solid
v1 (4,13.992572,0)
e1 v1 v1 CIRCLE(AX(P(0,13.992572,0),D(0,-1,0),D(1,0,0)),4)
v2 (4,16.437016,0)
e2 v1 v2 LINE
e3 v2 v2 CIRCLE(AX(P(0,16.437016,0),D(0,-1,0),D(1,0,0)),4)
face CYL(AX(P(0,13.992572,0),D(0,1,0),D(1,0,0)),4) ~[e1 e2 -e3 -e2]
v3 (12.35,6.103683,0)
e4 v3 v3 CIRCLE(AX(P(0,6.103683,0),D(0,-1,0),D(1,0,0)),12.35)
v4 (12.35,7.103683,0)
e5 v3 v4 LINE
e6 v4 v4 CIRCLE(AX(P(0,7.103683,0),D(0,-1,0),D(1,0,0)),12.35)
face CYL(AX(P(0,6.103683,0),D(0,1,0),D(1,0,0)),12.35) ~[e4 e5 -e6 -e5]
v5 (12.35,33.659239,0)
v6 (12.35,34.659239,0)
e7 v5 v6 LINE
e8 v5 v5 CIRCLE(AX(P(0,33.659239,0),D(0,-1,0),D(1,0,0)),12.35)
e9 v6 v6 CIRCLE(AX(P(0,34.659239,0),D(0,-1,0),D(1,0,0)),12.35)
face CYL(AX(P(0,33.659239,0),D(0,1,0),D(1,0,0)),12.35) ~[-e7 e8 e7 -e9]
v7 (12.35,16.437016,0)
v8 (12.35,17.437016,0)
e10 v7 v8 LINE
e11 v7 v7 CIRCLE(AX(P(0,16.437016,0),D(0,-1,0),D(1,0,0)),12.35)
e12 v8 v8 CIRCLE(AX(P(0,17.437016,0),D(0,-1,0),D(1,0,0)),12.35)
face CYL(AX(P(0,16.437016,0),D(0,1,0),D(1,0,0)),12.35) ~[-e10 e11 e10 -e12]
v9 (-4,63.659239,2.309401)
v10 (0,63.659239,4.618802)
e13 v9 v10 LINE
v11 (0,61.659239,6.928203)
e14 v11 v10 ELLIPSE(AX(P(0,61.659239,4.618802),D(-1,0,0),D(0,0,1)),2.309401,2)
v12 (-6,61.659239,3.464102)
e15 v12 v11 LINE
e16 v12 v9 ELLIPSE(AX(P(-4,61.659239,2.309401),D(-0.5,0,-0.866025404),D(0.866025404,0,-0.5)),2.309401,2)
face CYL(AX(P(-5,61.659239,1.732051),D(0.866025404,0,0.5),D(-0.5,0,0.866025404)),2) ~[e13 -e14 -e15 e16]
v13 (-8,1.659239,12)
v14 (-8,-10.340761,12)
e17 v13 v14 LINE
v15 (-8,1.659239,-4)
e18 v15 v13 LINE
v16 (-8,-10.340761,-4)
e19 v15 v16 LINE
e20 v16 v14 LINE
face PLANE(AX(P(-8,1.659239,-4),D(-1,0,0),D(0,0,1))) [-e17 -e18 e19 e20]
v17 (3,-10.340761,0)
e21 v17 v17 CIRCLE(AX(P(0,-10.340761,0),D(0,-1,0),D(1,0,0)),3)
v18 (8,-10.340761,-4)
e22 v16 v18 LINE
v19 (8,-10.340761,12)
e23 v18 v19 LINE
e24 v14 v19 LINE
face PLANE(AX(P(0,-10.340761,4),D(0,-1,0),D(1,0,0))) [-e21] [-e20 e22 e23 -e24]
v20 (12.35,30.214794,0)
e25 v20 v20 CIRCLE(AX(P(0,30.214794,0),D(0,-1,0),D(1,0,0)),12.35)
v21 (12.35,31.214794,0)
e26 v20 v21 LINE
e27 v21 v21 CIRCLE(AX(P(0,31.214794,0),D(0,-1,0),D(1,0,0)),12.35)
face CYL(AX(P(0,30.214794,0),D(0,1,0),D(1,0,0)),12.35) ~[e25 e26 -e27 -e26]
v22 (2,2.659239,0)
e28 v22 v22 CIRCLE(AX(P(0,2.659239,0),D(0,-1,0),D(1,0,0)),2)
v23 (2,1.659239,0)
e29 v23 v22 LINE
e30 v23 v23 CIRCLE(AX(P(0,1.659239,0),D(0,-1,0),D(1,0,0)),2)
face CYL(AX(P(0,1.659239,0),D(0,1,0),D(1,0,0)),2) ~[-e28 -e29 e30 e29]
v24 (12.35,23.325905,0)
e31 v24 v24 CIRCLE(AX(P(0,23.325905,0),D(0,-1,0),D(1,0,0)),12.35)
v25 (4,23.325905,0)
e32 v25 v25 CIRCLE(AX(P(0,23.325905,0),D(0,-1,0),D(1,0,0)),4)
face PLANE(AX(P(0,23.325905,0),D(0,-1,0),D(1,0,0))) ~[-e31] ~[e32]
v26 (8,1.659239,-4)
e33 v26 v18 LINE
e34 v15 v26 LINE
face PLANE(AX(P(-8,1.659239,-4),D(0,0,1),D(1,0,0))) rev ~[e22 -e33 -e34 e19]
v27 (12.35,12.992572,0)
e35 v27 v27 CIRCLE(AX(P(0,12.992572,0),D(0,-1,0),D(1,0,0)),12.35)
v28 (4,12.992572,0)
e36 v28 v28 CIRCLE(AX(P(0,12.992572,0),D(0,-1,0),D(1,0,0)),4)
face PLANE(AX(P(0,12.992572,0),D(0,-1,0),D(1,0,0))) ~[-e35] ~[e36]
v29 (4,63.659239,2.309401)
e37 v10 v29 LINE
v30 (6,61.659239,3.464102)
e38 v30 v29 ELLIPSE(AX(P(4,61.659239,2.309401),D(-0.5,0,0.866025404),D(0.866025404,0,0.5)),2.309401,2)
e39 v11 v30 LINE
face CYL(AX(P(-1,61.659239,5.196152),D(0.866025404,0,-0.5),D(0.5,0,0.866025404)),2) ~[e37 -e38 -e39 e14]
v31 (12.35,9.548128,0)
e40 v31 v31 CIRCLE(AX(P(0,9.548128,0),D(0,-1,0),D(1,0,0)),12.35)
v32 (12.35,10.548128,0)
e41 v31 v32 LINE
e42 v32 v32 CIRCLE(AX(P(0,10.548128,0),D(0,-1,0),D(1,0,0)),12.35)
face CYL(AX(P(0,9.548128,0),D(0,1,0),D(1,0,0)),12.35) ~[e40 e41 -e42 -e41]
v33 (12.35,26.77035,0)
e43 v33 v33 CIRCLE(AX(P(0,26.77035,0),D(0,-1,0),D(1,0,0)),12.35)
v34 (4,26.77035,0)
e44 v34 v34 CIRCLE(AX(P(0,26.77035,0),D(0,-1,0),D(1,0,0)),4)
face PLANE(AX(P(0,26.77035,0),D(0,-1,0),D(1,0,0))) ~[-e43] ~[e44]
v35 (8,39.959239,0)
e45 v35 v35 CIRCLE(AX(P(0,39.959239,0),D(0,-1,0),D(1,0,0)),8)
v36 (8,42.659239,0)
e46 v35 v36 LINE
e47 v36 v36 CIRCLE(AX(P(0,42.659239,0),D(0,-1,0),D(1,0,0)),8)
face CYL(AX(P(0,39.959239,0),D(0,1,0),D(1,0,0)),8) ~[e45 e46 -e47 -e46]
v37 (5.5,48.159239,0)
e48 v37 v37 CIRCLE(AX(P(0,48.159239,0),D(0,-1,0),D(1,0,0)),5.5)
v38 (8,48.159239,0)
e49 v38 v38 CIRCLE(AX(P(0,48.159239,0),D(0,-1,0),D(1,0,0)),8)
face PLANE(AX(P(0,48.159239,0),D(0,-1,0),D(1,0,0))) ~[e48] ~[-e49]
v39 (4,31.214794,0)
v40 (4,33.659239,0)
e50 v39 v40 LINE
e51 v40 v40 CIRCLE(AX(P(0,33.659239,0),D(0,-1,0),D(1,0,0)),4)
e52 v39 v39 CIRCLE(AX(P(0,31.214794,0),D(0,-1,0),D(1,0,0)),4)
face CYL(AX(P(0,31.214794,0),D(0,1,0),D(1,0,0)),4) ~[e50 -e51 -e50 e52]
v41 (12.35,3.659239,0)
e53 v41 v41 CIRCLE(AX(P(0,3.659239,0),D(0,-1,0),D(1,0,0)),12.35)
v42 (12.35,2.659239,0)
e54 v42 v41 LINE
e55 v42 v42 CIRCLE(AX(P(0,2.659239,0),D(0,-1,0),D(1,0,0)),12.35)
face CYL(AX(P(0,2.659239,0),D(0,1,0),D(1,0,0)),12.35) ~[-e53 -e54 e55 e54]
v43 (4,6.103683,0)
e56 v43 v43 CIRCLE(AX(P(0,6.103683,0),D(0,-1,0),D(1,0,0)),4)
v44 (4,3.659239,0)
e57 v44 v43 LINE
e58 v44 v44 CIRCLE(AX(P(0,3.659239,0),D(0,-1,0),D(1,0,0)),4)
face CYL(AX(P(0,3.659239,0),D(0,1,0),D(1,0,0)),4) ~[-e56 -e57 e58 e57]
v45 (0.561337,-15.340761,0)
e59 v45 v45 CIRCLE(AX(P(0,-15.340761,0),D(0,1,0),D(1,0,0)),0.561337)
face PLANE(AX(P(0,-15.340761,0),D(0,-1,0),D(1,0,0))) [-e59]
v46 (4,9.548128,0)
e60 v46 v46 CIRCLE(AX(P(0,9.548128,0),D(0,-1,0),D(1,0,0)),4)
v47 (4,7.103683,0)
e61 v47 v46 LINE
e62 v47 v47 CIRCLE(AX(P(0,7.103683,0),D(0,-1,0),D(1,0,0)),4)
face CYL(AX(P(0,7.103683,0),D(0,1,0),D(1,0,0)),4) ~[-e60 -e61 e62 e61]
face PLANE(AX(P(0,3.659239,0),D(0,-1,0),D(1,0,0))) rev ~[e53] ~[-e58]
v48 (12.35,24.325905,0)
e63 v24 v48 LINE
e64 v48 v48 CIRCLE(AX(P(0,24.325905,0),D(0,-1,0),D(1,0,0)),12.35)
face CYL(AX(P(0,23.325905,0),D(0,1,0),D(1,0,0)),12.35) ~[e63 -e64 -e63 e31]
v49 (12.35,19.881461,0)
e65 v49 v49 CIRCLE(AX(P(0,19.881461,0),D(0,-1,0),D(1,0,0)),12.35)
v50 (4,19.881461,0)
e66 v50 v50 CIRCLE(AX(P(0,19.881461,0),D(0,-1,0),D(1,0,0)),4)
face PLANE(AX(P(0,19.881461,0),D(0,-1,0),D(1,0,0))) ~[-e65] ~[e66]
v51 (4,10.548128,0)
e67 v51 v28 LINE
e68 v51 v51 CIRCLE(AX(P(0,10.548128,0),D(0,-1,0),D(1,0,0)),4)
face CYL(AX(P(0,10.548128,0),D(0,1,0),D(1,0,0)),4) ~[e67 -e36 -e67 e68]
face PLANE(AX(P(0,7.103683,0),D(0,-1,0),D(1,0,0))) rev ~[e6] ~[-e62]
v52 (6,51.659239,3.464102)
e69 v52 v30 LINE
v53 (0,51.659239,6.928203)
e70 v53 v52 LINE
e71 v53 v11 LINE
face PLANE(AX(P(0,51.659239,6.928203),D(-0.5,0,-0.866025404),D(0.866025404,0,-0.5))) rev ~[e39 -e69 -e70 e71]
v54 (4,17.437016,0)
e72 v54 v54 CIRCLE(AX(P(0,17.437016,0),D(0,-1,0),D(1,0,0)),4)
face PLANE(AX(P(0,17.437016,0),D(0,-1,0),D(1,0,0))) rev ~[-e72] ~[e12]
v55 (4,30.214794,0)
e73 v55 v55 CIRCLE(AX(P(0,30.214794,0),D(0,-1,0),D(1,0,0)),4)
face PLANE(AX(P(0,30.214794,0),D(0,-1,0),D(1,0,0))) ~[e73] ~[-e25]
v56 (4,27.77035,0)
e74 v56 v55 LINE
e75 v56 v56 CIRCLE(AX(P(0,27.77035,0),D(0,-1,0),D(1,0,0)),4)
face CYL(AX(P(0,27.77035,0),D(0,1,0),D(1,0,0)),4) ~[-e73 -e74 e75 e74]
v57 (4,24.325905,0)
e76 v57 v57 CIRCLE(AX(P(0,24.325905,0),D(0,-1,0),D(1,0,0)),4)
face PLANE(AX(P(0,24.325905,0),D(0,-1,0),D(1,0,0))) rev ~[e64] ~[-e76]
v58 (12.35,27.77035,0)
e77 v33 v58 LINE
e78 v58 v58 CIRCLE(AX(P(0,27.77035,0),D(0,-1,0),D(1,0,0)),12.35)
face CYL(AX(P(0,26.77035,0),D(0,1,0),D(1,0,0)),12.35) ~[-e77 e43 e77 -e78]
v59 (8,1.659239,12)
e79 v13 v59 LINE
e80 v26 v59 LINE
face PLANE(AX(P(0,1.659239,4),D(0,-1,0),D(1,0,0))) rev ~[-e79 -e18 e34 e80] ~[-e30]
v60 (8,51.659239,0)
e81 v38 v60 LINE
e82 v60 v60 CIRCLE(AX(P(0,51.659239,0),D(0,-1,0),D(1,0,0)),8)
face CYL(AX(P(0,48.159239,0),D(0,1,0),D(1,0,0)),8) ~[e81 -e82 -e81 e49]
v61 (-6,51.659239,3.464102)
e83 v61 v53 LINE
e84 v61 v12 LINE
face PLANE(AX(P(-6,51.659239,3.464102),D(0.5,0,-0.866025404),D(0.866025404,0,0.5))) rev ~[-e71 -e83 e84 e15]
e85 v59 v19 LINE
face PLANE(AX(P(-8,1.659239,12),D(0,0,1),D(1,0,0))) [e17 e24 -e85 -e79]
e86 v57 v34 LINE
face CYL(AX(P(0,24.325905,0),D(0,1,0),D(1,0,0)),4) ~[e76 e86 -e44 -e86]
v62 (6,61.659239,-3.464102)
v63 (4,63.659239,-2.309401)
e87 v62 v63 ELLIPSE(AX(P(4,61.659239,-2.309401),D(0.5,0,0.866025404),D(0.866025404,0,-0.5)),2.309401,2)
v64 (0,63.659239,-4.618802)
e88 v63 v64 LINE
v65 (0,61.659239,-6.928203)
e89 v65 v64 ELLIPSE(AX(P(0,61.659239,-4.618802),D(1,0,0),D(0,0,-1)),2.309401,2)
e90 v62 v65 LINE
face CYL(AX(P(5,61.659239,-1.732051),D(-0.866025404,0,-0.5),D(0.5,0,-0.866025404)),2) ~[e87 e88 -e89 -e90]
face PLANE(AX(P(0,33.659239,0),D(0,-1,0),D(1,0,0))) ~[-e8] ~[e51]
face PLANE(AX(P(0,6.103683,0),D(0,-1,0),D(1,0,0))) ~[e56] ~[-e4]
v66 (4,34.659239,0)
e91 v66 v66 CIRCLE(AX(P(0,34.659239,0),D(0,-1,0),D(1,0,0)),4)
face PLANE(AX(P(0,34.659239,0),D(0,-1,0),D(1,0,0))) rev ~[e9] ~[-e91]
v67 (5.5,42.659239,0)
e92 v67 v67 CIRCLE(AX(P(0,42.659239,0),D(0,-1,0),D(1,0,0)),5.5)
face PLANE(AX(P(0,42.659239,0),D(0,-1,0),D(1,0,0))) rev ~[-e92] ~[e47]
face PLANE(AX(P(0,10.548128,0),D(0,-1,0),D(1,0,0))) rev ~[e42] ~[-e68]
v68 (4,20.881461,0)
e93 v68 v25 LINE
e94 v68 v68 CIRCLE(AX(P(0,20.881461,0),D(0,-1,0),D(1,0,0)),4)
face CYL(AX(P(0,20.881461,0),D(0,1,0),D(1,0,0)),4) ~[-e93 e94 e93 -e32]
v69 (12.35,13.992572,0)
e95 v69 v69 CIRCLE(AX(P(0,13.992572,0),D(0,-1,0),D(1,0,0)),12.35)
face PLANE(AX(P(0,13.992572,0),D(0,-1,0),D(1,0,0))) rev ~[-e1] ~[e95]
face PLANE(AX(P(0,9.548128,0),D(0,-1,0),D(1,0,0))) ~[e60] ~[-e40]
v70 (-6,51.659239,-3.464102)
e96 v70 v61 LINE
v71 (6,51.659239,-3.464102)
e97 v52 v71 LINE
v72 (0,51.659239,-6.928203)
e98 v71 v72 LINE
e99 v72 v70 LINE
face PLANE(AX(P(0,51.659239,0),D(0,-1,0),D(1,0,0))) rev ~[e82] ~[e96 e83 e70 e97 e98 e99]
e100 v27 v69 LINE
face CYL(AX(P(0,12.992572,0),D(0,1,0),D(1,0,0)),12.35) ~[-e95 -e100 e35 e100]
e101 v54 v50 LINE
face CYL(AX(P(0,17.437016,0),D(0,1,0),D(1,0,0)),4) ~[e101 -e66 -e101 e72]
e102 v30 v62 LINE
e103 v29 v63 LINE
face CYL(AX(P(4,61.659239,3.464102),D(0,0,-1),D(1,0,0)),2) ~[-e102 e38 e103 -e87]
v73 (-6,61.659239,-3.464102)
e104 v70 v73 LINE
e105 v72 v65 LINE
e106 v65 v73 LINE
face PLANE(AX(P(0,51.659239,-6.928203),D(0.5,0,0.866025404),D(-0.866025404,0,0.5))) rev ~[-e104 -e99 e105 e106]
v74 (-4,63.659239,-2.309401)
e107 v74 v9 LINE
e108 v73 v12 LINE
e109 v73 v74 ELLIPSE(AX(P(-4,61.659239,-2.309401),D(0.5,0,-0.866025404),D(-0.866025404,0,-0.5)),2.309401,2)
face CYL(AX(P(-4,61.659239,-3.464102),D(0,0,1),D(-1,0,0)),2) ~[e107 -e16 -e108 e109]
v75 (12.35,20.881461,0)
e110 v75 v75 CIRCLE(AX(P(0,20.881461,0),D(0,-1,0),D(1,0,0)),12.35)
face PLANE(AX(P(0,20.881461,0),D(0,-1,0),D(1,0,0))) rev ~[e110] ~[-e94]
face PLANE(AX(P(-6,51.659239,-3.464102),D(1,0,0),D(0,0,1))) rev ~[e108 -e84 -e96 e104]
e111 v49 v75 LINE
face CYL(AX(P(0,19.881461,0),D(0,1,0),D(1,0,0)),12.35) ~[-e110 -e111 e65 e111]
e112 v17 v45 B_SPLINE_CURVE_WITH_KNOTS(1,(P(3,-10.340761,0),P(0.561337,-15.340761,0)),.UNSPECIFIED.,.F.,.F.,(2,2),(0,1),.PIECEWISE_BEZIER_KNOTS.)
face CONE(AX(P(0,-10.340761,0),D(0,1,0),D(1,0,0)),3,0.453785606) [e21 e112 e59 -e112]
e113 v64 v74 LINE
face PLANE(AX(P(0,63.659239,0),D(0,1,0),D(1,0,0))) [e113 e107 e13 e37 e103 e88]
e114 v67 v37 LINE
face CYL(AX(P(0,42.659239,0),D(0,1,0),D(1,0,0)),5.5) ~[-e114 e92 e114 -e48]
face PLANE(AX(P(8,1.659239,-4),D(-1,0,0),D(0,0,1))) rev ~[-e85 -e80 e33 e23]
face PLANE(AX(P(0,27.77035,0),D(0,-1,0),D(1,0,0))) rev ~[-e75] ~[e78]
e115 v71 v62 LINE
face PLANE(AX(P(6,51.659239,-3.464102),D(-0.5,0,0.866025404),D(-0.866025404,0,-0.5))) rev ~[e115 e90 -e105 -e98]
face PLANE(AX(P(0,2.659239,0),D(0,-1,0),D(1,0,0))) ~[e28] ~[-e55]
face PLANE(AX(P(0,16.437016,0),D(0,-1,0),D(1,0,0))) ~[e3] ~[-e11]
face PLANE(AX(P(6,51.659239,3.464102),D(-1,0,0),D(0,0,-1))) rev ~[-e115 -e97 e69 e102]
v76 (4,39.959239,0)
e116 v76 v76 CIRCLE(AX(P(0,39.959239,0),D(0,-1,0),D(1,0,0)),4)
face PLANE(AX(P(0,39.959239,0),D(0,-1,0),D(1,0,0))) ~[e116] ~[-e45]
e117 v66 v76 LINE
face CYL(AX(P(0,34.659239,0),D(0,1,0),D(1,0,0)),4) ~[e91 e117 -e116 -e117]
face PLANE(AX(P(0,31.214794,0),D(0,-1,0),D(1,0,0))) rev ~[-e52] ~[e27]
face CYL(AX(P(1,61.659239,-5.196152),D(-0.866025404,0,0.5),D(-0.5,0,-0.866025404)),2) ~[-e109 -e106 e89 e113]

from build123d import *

# Parameters (mm, degrees)
ESBO_O3_W                = 16
ESBO_O3_H                = 16
RESSALTO_EXTRUS_O1_DEPTH = 12
ESBO_O4_R                = 3
RESSALTO_EXTRUS_O2_DEPTH = 5
RESSALTO_EXTRUS_O2_TAPER = 26
RESSALTO_EXTRUS_O3_DEPTH = 12
FILETE1_R                = 2


with BuildPart() as part:
    # Esboço1 → Revolução1 (revolve)
    with BuildSketch(Plane.XY):
        Polygon((0, 51.659238703), (0, 1.659238703), (2, 1.659238703), (2, 2.659238703), (12.35, 2.659238703), (12.35, 3.659238703), (4, 3.659238703), (4, 6.103683147), (12.35, 6.103683147), (12.35, 7.103683147), (4, 7.103683147), (4, 9.548127592), (12.35, 9.548127592), (12.35, 10.548127592), (4, 10.548127592), (4, 12.992572036), (12.35, 12.992572036), (12.35, 13.992572036), (4, 13.992572036), (4, 16.437016481), (12.35, 16.437016481), (12.35, 17.437016481), (4, 17.437016481), (4, 19.881460925), (12.35, 19.881460925), (12.35, 20.881460925), (4, 20.881460925), (4, 23.32590537), (12.35, 23.32590537), (12.35, 24.32590537), (4, 24.32590537), (4, 26.770349814), (12.35, 26.770349814), (12.35, 27.770349814), (4, 27.770349814), (4, 30.214794259), (12.35, 30.214794259), (12.35, 31.214794259), (4, 31.214794259), (4, 33.659238703), (12.35, 33.659238703), (12.35, 34.659238703), (4, 34.659238703), (4, 39.959238703), (8, 39.959238703), (8, 42.659238703), (5.5, 42.659238703), (5.5, 48.159238703), (8, 48.159238703), (8, 51.659238703), align=None)
    revolve(axis=Axis((0, 51.659238703, 0), (0, -1, 0)))

    # Esboço3 → Ressalto-extrusão1 (add)
    with BuildSketch(Plane.XZ.offset(-1.659238703)):
        with Locations((0, 4)):
            Rectangle(ESBO_O3_W, ESBO_O3_H)
    extrude(amount=RESSALTO_EXTRUS_O1_DEPTH)

    # Esboço4 → Ressalto-extrusão2 (add)
    with BuildSketch(Plane.XZ.offset(10.340761297)):
        Circle(ESBO_O4_R)
    extrude(amount=RESSALTO_EXTRUS_O2_DEPTH, taper=RESSALTO_EXTRUS_O2_TAPER)

    # Esboço5 → Ressalto-extrusão3 (add)
    with BuildSketch(Plane(origin=(0, 51.659238703, 0), x_dir=(1, 0, 0), z_dir=(0, 1, 0))):
        Polygon((0, -6.92820323), (6, -3.464101615), (6, 3.464101615), (0, 6.92820323), (-6, 3.464101615), (-6, -3.464101615), align=None)
    extrude(amount=RESSALTO_EXTRUS_O3_DEPTH)

    # Filete1
    filete1_edges = [part.edges().sort_by_distance(p)[0] for p in [
        (-3, 63.659238703, 5.196152423),
        (3, 63.659238703, 5.196152423),
        (6, 63.659238703, 0),
        (3, 63.659238703, -5.196152423),
        (-3, 63.659238703, -5.196152423),
        (-6, 63.659238703, 0),
    ]]
    fillet(filete1_edges, radius=FILETE1_R)


solid = part.part
